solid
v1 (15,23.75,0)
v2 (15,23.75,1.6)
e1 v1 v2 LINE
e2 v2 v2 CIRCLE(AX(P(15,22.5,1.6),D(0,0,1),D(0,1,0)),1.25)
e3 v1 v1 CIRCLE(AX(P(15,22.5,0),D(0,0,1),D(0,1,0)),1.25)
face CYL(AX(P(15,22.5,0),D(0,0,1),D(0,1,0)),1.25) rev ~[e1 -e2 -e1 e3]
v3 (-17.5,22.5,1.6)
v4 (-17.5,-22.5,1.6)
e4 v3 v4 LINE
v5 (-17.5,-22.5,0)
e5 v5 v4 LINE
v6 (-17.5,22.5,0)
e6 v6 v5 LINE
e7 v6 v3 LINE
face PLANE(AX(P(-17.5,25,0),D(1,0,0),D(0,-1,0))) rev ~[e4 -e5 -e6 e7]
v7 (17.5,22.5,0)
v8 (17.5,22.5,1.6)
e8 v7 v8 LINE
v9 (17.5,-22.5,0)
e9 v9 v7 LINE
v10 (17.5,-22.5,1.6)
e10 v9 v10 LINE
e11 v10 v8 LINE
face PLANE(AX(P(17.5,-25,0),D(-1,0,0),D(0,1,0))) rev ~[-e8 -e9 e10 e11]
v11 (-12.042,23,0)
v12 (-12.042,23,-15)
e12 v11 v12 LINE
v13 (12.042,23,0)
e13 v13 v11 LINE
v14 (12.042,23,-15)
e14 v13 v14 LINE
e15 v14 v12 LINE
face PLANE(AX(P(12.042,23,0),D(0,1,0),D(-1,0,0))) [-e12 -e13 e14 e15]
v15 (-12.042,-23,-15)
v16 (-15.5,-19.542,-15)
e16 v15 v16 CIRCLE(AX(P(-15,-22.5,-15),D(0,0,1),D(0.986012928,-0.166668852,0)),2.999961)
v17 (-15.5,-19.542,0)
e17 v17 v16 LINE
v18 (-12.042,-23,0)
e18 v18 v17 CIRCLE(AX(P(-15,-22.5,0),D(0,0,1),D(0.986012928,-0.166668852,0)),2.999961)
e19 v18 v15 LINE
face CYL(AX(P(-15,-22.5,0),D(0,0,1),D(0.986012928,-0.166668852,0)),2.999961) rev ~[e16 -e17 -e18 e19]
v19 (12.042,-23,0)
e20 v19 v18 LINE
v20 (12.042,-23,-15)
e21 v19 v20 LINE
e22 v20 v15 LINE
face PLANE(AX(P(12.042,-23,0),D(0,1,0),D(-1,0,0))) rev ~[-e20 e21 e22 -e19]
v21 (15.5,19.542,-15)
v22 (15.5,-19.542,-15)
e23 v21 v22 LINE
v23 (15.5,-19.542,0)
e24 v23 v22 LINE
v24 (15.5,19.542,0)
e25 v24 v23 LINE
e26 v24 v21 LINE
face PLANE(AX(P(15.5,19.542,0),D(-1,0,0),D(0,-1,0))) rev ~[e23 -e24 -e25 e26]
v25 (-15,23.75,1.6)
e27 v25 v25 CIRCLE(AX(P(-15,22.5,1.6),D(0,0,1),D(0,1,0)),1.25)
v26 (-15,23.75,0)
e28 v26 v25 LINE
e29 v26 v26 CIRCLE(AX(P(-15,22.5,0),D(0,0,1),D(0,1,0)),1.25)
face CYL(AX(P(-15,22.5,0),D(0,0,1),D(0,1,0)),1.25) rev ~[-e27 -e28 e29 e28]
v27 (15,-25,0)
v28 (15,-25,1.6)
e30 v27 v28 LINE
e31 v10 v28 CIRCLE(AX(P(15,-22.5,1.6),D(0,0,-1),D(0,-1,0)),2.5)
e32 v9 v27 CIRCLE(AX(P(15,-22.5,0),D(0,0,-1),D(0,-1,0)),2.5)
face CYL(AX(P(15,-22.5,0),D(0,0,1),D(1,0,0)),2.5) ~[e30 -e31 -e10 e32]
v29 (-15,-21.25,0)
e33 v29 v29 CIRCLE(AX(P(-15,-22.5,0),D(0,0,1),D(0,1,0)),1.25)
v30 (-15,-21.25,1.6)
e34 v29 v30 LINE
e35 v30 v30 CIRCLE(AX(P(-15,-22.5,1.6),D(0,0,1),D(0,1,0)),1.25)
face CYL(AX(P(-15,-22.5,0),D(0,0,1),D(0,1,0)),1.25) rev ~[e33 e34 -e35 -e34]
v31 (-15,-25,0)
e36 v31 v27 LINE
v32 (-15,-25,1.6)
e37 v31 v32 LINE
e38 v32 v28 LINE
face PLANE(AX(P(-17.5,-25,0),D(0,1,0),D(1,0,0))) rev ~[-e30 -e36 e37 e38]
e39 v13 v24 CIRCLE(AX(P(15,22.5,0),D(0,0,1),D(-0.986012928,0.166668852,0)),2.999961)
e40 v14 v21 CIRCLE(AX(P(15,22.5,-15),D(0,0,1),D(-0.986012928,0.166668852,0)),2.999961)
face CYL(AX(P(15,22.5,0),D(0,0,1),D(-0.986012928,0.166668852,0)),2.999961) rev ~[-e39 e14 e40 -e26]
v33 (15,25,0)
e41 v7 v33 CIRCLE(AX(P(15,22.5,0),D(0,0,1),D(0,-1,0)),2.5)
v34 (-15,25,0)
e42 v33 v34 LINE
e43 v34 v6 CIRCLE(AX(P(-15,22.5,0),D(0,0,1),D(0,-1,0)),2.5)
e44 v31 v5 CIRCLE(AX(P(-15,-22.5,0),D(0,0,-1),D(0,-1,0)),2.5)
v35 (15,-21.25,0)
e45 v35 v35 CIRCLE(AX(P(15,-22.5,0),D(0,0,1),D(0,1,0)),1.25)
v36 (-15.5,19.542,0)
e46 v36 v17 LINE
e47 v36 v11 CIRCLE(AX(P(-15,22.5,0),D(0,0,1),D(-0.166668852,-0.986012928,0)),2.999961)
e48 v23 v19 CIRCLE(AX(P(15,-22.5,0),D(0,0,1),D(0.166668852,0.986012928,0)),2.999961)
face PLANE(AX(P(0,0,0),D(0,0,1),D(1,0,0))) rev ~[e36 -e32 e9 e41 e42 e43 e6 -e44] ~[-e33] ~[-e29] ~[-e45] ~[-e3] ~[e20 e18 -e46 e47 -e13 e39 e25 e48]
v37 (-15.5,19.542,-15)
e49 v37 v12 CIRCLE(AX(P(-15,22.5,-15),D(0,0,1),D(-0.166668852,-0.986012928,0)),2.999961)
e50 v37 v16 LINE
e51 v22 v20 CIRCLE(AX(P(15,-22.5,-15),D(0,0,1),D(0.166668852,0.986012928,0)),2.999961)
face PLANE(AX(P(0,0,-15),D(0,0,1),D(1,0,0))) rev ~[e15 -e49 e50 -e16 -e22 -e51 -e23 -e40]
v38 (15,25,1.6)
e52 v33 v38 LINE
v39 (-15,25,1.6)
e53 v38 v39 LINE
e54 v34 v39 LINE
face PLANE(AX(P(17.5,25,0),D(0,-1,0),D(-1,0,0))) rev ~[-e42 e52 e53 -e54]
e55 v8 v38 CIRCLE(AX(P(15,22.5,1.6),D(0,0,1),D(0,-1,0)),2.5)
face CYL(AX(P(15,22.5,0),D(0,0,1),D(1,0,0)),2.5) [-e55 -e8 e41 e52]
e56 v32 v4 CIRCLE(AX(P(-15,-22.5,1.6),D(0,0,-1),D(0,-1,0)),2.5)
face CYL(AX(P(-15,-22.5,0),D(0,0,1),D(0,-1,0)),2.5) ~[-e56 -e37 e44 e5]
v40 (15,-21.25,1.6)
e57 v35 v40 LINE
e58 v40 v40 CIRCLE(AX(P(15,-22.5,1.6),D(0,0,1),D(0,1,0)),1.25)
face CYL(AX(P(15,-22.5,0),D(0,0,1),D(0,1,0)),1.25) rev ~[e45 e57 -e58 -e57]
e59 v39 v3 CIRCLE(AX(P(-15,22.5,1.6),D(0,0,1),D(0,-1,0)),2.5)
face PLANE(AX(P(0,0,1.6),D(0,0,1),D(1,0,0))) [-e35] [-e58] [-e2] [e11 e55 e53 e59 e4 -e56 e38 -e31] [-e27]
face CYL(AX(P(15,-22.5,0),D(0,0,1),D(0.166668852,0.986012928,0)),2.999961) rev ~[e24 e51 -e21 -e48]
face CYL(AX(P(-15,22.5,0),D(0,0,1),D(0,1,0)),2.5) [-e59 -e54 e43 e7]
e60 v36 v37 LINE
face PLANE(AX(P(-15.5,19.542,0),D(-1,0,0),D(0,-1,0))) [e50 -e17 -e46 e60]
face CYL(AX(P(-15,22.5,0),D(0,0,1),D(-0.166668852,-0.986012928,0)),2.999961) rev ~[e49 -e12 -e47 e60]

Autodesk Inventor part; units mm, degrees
ref_plane "YZ Plane" through (0, 0, 0) normal (1, 0, 0) x (0, 1, 0)
ref_plane "XZ Plane" through (0, 0, 0) normal (0, 1, 0) x (-1, 0, 0)
ref_plane "XY Plane" through (0, 0, 0) normal (0, 0, 1) x (1, 0, 0)
sketch "Sketch1" plane through (0, 0, 0) normal (0, 0, 1) x (1, 0, 0)
  line L0 (17.5, 25) -> (-17.5, 25)
  line L1 (-17.5, 25) -> (-17.5, -25)
  line L2 (-17.5, -25) -> (17.5, -25)
  line L3 (17.5, -25) -> (17.5, 25)
  line L4 (17.5, 25) -> (-17.5, -25) construction
  line L5 (-17.5, 25) -> (17.5, -25) construction
  line L6 (-14, -18) -> (14, -18) construction
  line L7 (14, -18) -> (14, 18) construction
  line L8 (14, 18) -> (-14, 18) construction
  line L9 (-14, 18) -> (-14, -18) construction
  line L10 (-14, -18) -> (14, 18) construction
  line L11 (14, -18) -> (-14, 18) construction
  circle A0 centre (14, 18) radius 2.4 construction
  arc A1 (13.2801, 15.7105) -> (14.7199, 15.7105) centre (14, 15.5) ccw construction
  arc A2 (14.7199, 20.2895) -> (13.2801, 20.2895) centre (14, 20.5) ccw construction
  line L12 (0, 25) -> (0, -25) construction
  line L13 (17.5, 0) -> (-17.5, 0) construction
  line L14 (0, -25) -> (0, 25) construction
  line L15 (-15, -22.5) -> (15, -22.5) construction
  line L16 (15, -22.5) -> (15, 22.5) construction
  line L17 (15, 22.5) -> (-15, 22.5) construction
  line L18 (-15, 22.5) -> (-15, -22.5) construction
  line L19 (-15, -22.5) -> (15, 22.5) construction
  line L20 (15, -22.5) -> (-15, 22.5) construction
  circle A3 centre (15, 22.5) radius 2.5 construction
  arc A4 (12.042, 23) -> (15.5, 19.542) centre (15, 22.5) ccw
  line L21 (15.5, 19.542) -> (15.5, -19.542)
  line L22 (12.042, 23) -> (-12.042, 23)
  arc A5 (-15.5, 19.542) -> (-12.042, 23) centre (-15, 22.5) ccw
  line L23 (-15.5, 19.542) -> (-15.5, -19.542)
  arc A6 (15.5, -19.542) -> (12.042, -23) centre (15, -22.5) ccw
  line L24 (12.042, -23) -> (-12.042, -23)
  arc A7 (-12.042, -23) -> (-15.5, -19.542) centre (-15, -22.5) ccw
  point P0 (0, 0)
  point P1 (14, 14.75)
  point P2 (14, 21.25)
  point P3 (13.2801, 20.2895)
  point P4 (14.7199, 20.2895)
  dimension "d0" = 35
  dimension "d1" = 50
  dimension "d2" = 4.8
  dimension "d3" = 6.5
  dimension "d4" = 1.5
  dimension "d5" = 7
  dimension "d6" = 14
  dimension "d9" = 5
  dimension "d18" = 3
  dimension "d19" = 2
  dimension "d20" = 2
extrude "Extrusion1" add sketch "Sketch1" along normal blind 1.6 contours L3 L2 L1 L0 | A4 L21 A6 L24 A7 L23 A5 L22
hole "Hole1" at (-15, -22.5, 0) at (-15, 22.5, 0) at (15, 22.5, 0) at (15, -22.5, 0) direction (0, 0, 1) diameter 2.5 end through all
fillet "Fillet1" radius 2.5 4 edges at (17.5, -25, 0.8) (-17.5, -25, 0.8) (-17.5, 25, 0.8) (17.5, 25, 0.8)
extrude "Extrusion2" add sketch "Sketch1" against normal blind 15 contours A4 L21 A6 L24 A7 L23 A5 L22
equation "\"d20\" = d19"
properties part number "SUSTAINA-USB-AUDIO-BOARD" material "CFRP"
